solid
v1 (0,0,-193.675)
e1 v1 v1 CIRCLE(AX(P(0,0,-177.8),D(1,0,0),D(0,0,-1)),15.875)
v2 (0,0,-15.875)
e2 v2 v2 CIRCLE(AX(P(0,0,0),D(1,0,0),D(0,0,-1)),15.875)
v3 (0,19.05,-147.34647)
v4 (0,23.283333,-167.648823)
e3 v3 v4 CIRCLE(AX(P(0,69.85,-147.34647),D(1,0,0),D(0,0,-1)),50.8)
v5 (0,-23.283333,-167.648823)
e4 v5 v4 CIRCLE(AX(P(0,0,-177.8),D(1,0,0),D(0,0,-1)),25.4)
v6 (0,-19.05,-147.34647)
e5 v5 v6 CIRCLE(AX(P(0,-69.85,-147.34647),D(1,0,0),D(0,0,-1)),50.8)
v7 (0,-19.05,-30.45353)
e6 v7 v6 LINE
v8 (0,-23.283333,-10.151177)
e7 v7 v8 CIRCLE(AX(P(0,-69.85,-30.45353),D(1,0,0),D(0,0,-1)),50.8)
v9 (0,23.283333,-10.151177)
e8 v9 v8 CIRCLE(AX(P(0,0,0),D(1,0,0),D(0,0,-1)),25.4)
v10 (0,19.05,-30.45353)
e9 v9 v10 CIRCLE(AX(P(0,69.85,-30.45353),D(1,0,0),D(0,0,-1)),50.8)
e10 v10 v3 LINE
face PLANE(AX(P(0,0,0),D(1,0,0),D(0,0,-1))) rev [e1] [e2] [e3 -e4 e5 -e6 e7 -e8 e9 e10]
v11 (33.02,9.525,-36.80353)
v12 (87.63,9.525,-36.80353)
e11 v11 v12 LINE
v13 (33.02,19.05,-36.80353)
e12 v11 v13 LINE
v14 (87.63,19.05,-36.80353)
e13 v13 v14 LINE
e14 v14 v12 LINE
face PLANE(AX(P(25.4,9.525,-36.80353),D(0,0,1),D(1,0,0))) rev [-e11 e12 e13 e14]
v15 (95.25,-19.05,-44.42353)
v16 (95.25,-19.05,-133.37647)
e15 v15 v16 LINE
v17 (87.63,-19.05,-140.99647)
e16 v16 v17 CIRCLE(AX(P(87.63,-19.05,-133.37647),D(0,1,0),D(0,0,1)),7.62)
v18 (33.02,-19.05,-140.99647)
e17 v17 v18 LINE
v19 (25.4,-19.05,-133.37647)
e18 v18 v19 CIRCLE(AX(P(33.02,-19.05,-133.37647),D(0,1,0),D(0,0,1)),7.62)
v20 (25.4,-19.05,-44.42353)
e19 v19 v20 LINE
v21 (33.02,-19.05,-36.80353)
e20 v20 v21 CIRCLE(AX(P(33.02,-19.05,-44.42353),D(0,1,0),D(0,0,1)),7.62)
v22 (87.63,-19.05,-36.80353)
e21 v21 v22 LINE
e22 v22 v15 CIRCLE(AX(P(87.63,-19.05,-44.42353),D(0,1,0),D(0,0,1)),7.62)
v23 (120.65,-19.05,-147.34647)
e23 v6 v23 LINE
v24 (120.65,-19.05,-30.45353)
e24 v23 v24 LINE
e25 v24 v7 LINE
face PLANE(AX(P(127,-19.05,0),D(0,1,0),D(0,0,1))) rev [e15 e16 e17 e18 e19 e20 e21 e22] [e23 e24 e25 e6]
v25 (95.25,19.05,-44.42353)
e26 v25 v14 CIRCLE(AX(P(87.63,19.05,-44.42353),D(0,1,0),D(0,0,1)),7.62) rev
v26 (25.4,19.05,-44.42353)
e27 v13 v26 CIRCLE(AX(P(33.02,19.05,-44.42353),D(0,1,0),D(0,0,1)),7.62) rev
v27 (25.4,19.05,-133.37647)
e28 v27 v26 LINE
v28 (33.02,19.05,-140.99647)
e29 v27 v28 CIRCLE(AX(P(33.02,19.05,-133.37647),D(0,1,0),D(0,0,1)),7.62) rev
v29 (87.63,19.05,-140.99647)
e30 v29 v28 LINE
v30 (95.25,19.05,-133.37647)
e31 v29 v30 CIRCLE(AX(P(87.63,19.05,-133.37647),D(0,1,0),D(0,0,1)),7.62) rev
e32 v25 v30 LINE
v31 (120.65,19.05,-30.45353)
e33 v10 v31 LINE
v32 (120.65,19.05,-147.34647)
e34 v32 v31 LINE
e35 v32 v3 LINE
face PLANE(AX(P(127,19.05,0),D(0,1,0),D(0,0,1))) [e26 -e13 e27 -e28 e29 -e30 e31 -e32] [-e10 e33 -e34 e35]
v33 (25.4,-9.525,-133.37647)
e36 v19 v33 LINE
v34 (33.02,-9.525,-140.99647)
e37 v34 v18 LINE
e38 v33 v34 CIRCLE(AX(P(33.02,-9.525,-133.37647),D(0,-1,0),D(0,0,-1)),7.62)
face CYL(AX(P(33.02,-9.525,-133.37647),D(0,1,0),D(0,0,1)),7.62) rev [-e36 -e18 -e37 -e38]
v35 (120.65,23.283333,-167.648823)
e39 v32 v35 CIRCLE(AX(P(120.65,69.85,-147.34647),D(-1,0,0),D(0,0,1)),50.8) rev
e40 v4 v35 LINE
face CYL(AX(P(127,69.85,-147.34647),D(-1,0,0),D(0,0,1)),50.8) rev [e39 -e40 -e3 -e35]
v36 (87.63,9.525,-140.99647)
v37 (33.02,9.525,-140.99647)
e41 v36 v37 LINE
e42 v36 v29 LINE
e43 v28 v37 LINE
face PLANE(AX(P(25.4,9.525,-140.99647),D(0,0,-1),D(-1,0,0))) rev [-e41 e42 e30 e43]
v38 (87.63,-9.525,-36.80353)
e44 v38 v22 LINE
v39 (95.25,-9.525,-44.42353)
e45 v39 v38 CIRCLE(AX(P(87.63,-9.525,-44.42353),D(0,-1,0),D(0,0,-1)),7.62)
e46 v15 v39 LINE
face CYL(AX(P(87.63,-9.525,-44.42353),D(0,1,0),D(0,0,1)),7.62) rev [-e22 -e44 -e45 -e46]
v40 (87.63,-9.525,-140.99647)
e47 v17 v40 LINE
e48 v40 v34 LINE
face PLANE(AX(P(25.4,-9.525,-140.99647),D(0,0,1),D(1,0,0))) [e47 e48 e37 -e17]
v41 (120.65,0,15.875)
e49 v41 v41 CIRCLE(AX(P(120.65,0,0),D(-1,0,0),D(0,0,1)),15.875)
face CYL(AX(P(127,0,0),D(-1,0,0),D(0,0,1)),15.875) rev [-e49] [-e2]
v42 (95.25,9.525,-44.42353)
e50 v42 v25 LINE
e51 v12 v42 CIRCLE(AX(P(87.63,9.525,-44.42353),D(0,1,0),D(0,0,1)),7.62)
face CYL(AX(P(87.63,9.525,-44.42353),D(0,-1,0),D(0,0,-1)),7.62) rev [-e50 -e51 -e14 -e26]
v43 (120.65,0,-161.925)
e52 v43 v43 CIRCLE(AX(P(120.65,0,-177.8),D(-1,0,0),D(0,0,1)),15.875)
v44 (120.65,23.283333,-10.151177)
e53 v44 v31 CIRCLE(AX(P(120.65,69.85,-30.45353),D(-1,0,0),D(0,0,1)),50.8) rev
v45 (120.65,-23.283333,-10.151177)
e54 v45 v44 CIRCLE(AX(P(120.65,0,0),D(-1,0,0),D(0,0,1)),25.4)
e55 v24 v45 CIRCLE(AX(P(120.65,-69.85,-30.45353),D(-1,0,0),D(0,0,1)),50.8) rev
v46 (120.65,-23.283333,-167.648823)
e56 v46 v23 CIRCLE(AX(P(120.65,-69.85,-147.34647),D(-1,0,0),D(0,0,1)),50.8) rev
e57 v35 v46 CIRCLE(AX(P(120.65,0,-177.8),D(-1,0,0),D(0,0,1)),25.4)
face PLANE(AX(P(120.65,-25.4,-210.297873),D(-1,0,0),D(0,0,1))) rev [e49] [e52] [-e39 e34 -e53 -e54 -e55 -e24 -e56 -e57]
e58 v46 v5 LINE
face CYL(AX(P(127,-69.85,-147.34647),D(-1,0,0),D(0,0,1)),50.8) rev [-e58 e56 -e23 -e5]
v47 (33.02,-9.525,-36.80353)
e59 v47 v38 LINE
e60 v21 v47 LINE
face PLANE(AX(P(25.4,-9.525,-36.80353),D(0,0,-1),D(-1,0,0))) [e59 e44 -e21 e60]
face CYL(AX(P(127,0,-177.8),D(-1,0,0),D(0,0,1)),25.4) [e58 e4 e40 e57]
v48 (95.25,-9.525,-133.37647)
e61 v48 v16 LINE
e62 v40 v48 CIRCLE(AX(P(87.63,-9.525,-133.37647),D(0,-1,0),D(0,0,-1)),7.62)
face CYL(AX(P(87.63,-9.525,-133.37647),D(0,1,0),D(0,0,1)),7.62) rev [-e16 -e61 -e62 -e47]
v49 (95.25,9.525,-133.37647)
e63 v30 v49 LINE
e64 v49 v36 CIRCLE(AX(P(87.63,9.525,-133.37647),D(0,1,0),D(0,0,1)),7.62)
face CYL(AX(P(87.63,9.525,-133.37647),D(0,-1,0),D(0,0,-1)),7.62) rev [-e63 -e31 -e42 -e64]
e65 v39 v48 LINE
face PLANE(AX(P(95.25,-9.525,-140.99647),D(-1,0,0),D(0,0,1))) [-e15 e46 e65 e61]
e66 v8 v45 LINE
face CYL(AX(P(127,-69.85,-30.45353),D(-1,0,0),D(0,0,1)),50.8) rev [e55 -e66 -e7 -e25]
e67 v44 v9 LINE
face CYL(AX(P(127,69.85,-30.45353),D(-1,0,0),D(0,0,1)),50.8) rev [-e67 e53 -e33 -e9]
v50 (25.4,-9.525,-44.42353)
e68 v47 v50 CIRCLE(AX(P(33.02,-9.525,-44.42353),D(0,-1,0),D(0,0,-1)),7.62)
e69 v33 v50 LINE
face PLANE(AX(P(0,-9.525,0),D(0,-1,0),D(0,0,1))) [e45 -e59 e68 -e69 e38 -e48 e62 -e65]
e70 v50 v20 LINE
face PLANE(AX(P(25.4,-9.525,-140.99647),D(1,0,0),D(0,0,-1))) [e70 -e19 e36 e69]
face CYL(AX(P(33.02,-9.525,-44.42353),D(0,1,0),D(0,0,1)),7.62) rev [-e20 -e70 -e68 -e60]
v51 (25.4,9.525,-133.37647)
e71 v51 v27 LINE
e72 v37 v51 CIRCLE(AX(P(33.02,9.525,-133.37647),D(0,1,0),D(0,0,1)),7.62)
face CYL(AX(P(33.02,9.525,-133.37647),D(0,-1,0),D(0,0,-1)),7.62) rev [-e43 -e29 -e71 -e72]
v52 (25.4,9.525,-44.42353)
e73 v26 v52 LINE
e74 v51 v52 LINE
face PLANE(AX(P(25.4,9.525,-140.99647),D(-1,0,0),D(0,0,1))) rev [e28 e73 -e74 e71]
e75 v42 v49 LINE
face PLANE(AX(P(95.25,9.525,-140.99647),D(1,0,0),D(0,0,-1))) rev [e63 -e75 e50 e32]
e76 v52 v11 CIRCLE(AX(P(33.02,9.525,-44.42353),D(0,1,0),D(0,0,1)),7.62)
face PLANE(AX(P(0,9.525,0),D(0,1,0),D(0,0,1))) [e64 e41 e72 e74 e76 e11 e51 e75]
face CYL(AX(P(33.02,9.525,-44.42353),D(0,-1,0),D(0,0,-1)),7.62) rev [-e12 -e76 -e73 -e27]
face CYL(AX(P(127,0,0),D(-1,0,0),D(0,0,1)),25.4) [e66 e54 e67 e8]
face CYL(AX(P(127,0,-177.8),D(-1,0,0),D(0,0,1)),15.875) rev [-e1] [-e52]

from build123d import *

# Parameters (mm, degrees)
SKETCH1_R               = 15.875
BOSS_EXTRUDE1_DEPTH     = 127
FILLET1_R               = 50.8
SKETCH2_W               = 25.4
SKETCH2_H               = 241.689615924
CUT_EXTRUDE1_DEPTH      = 7.35
CUT_EXTRUDE1_DEPTH_BACK = 45.45
SKETCH3_W               = 69.85
SKETCH3_H               = 104.192939654
CUT_EXTRUDE2_DEPTH      = 9.525
FILLET2_R               = 7.62
FILLET2_OF_MIRROR1_R    = 7.62


with BuildPart() as part:
    # Sketch1 → Boss-Extrude1 (new body)
    with BuildSketch(Plane(origin=(0, 0, 0), x_dir=(0, 0, -1), z_dir=(1, 0, 0))):
        with BuildLine():
            ThreePointArc((16.800520825, 19.05), (-25.4, 0), (16.800520825, -19.05))
            Line((16.800520825, -19.05), (160.999479175, -19.05))
            ThreePointArc((160.999479175, -19.05), (203.2, 0), (160.999479175, 19.05))
            Line((160.999479175, 19.05), (16.800520825, 19.05))
        make_face()
        Circle(SKETCH1_R, mode=Mode.SUBTRACT)
        with Locations((177.8, 0)):
            Circle(SKETCH1_R, mode=Mode.SUBTRACT)
    extrude(amount=BOSS_EXTRUDE1_DEPTH)

    # Fillet1
    fillet1_edges = [part.edges().sort_by_distance(p)[0] for p in [
        (63.5, -19.05, -16.800520825),
        (63.5, 19.05, -16.800520825),
        (63.5, 19.05, -160.999479175),
        (63.5, -19.05, -160.999479175),
    ]]
    fillet(fillet1_edges, radius=FILLET1_R)

    # Sketch2 → Cut-Extrude1 (cut, two sides)
    with BuildSketch(Plane(origin=(0, 19.05, 0), x_dir=(1, 0, 0), z_dir=(0, 1, 0))) as cut_extrude1_sk:
        with Locations((133.35, 89.453065483)):
            Rectangle(SKETCH2_W, SKETCH2_H)
    extrude(amount=CUT_EXTRUDE1_DEPTH, mode=Mode.SUBTRACT)
    extrude(cut_extrude1_sk.sketch, amount=-CUT_EXTRUDE1_DEPTH_BACK, mode=Mode.SUBTRACT)

    # Sketch3 → Cut-Extrude2 (cut)
    with BuildSketch(Plane(origin=(0, 19.05, 0), x_dir=(1, 0, 0), z_dir=(0, 1, 0))):
        with Locations((60.325, 88.9)):
            Rectangle(SKETCH3_W, SKETCH3_H)
    cut_extrude2 = extrude(amount=-CUT_EXTRUDE2_DEPTH, mode=Mode.SUBTRACT)

    # Fillet2
    fillet2_edges = [part.edges().sort_by_distance(p)[0] for p in [
        (25.4, 14.2875, -36.803530173),
        (25.4, 14.2875, -140.996469827),
        (95.25, 14.2875, -140.996469827),
        (95.25, 14.2875, -36.803530173),
    ]]
    fillet(fillet2_edges, radius=FILLET2_R)

    # Mirror1: Cut-Extrude2 across plane
    add(cut_extrude2.mirror(Plane.ZX), mode=Mode.SUBTRACT)

    # Fillet2 of Mirror1
    fillet2_of_mirror1_edges = [part.edges().sort_by_distance(p)[0] for p in [
        (25.4, -14.2875, -36.803530173),
        (25.4, -14.2875, -140.996469827),
        (95.25, -14.2875, -140.996469827),
        (95.25, -14.2875, -36.803530173),
    ]]
    fillet(fillet2_of_mirror1_edges, radius=FILLET2_OF_MIRROR1_R)


solid = part.part
